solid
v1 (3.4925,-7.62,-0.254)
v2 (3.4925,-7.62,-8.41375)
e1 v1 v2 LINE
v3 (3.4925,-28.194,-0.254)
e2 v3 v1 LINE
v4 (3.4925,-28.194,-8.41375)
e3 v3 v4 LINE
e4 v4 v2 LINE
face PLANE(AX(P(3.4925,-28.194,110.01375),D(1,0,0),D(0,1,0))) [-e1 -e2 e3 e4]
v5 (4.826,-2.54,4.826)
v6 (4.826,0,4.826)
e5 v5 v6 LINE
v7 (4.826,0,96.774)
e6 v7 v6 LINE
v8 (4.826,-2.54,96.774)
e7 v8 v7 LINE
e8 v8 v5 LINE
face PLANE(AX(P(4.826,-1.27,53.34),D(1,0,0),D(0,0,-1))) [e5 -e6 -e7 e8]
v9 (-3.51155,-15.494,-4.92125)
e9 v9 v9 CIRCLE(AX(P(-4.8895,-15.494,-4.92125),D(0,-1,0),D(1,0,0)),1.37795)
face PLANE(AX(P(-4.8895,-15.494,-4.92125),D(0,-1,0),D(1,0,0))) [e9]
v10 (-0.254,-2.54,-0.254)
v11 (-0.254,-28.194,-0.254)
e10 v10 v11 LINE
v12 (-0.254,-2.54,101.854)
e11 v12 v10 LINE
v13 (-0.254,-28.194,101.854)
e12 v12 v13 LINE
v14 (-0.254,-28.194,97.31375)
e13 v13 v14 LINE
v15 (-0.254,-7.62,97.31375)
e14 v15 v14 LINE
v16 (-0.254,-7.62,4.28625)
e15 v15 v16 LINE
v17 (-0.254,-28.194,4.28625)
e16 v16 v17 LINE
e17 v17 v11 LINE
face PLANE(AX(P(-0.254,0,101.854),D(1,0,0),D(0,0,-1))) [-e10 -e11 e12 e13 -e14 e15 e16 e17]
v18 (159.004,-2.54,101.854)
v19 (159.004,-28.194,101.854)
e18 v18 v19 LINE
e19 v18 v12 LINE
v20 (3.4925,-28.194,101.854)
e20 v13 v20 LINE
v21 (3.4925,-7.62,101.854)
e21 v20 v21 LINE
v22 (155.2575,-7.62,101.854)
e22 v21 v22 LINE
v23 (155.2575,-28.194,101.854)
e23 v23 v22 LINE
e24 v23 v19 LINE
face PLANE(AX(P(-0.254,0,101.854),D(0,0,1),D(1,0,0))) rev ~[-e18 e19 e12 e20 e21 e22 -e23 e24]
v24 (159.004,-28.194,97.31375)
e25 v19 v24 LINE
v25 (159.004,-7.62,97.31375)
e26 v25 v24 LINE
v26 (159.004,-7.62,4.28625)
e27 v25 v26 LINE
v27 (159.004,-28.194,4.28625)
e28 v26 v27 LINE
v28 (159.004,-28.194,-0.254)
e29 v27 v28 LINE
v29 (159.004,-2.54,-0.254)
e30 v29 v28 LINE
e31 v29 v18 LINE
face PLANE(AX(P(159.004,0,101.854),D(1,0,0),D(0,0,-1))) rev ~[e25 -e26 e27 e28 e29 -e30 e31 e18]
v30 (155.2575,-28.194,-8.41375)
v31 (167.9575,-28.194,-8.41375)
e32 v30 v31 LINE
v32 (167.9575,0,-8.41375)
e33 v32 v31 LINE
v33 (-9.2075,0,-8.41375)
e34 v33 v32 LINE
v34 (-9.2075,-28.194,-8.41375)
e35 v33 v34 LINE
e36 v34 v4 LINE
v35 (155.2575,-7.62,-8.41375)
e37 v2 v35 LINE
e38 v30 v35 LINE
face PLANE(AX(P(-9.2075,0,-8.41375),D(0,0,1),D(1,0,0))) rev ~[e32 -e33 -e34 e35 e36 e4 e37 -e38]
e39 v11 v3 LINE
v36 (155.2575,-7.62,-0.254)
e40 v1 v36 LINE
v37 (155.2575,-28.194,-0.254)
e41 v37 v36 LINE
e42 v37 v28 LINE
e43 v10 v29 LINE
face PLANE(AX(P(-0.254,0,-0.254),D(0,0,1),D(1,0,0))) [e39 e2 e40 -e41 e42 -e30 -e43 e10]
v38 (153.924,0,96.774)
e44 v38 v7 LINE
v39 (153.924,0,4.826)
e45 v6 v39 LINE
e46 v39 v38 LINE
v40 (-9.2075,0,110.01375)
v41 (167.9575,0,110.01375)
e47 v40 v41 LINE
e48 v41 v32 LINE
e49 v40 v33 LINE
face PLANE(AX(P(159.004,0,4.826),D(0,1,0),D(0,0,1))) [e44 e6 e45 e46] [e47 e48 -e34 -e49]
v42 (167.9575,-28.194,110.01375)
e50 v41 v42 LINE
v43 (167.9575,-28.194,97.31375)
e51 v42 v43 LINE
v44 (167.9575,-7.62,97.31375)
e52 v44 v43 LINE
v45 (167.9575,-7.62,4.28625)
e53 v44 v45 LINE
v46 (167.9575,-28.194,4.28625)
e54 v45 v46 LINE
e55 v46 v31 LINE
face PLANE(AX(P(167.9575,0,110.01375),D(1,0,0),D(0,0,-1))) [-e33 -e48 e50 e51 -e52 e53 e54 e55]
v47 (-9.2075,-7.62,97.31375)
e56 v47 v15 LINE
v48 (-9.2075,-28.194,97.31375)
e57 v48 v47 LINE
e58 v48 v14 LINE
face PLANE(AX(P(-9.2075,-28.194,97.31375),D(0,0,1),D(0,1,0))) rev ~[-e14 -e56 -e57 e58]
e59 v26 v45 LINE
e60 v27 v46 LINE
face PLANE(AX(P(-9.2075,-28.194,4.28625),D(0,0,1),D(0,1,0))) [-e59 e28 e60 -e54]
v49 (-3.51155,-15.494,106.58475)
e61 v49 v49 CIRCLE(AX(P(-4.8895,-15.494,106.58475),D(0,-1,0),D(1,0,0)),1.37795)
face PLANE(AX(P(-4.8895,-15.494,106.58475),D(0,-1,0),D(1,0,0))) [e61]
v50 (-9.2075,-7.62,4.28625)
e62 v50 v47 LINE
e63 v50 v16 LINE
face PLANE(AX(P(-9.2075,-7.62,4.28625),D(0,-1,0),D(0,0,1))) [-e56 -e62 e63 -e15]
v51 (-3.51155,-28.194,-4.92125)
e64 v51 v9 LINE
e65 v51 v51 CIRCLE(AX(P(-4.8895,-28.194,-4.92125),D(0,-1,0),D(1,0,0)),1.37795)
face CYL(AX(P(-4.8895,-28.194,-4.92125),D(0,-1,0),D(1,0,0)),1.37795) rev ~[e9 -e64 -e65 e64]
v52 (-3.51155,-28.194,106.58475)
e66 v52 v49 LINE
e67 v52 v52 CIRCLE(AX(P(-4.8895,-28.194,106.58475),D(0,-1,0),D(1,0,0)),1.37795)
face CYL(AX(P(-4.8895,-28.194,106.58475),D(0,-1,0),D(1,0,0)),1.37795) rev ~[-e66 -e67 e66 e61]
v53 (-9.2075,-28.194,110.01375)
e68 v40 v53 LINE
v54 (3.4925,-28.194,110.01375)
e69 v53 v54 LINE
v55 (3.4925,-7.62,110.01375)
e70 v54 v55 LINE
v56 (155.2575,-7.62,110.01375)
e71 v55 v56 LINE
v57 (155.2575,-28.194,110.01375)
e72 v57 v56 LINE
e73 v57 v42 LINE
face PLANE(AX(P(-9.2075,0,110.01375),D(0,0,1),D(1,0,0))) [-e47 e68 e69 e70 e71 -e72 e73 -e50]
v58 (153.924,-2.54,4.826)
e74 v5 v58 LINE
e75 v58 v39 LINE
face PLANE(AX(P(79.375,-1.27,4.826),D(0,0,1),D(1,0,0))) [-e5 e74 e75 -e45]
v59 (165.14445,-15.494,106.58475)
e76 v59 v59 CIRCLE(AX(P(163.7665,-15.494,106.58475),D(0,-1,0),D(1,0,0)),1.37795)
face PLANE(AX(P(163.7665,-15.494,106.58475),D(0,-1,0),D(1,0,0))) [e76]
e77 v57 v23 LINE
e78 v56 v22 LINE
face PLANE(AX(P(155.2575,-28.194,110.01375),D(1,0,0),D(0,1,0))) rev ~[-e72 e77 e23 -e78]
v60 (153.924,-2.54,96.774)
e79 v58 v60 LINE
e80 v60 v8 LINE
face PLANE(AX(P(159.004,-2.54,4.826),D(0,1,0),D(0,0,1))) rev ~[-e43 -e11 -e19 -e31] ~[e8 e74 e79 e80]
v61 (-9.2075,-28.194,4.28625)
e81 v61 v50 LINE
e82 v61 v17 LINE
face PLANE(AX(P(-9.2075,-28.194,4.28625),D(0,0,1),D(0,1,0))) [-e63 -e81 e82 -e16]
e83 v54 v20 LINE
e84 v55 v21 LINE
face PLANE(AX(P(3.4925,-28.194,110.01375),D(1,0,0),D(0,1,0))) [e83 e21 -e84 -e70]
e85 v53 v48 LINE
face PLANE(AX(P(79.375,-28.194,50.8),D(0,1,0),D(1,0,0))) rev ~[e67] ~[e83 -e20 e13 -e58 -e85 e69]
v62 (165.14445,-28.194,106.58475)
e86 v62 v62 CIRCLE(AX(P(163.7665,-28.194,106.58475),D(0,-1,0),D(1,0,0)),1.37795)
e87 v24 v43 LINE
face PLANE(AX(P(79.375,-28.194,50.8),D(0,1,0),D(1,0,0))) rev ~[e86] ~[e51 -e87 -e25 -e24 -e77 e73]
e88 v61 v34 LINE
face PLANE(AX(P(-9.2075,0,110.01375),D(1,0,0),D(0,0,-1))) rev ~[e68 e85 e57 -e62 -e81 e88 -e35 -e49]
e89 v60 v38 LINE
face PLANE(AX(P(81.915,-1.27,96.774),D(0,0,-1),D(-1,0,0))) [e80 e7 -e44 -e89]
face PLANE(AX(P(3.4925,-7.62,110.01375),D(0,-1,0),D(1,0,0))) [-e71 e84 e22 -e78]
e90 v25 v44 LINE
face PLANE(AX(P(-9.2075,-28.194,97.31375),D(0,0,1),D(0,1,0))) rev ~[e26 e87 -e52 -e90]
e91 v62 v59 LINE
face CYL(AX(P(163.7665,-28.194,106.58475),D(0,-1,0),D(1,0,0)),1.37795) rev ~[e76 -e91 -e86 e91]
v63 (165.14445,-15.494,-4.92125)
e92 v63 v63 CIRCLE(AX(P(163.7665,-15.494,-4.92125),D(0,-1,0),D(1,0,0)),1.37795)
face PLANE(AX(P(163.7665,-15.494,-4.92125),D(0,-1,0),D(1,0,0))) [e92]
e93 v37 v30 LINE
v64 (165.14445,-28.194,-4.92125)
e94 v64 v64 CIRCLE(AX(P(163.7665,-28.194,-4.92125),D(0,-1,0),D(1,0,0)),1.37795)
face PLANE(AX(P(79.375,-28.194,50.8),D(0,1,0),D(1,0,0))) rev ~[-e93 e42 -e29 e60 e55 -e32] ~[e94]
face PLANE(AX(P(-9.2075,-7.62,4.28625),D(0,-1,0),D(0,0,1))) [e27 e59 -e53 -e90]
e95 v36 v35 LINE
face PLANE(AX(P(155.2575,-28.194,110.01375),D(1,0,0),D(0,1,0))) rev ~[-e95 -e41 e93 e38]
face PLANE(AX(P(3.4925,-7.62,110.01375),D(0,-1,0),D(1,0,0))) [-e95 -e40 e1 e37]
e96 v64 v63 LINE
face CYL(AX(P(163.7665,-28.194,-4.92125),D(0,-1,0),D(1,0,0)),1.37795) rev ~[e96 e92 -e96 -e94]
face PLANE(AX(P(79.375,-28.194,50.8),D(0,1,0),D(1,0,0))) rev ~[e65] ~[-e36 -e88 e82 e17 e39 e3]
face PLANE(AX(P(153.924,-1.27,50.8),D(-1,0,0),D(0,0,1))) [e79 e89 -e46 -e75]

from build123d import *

# Parameters (mm, degrees)
SKETCH1_W           = 177.165
SKETCH1_H           = 118.4275
SKETCH1_W_2         = 159.258
SKETCH1_H_2         = 102.108
BOSS_EXTRUDE1_DEPTH = 28.194
SKETCH2_W           = 159.258
SKETCH2_H           = 2.54
BOSS_EXTRUDE2_DEPTH = 5.08
SKETCH3_W           = 97.028
SKETCH3_H           = 2.54
BOSS_EXTRUDE3_DEPTH = 5.08
SKETCH4_W           = 154.178
SKETCH4_H           = 2.54
BOSS_EXTRUDE4_DEPTH = 5.08
SKETCH5_W           = 91.948
SKETCH5_H           = 2.54
BOSS_EXTRUDE5_DEPTH = 5.08
SKETCH10_W          = 93.0275
SKETCH10_H          = 20.574
CUT_EXTRUDE4_DEPTH  = 198.628
SKETCH9_W           = 151.765
SKETCH9_H           = 20.574
CUT_EXTRUDE5_DEPTH  = 198.628
SKETCH11_R          = 1.37795
CUT_EXTRUDE6_DEPTH  = 12.7


with BuildPart() as part:
    # Sketch1 → Boss-Extrude1 (new body)
    with BuildSketch(Plane(origin=(0, 0, 0), x_dir=(1, 0, 0), z_dir=(0, 1, 0))):
        with Locations((79.375, -50.8)):
            Rectangle(SKETCH1_W, SKETCH1_H)
        with Locations((79.375, -50.8)):
            Rectangle(SKETCH1_W_2, SKETCH1_H_2, mode=Mode.SUBTRACT)
    extrude(amount=-BOSS_EXTRUDE1_DEPTH)

    # Sketch2 → Boss-Extrude2 (add)
    with BuildSketch(Plane.XY.offset(-0.254)):
        with Locations((79.375, -1.27)):
            Rectangle(SKETCH2_W, SKETCH2_H)
    extrude(amount=BOSS_EXTRUDE2_DEPTH)

    # Sketch3 → Boss-Extrude3 (add)
    with BuildSketch(Plane(origin=(-0.254, 0, 0), x_dir=(0, 0, -1), z_dir=(1, 0, 0))):
        with Locations((-53.34, -1.27)):
            Rectangle(SKETCH3_W, SKETCH3_H)
    extrude(amount=BOSS_EXTRUDE3_DEPTH)

    # Sketch4 → Boss-Extrude4 (add)
    with BuildSketch(Plane(origin=(0, 0, 101.854), x_dir=(-1, 0, 0), z_dir=(0, 0, -1))):
        with Locations((-81.915, -1.27)):
            Rectangle(SKETCH4_W, SKETCH4_H)
    extrude(amount=BOSS_EXTRUDE4_DEPTH)

    # Sketch5 → Boss-Extrude5 (add)
    with BuildSketch(Plane.ZY.offset(-159.004)):
        with Locations((50.8, -1.27)):
            Rectangle(SKETCH5_W, SKETCH5_H)
    extrude(amount=BOSS_EXTRUDE5_DEPTH)

    # Sketch10 → Cut-Extrude4 (cut)
    with BuildSketch(Plane.ZY.offset(9.2075)):
        with Locations((50.8, -17.907)):
            Rectangle(SKETCH10_W, SKETCH10_H)
    extrude(amount=-CUT_EXTRUDE4_DEPTH, mode=Mode.SUBTRACT)

    # Sketch9 → Cut-Extrude5 (cut)
    with BuildSketch(Plane.XY.offset(110.01375)):
        with Locations((79.375, -17.907)):
            Rectangle(SKETCH9_W, SKETCH9_H)
    extrude(amount=-CUT_EXTRUDE5_DEPTH, mode=Mode.SUBTRACT)

    # Sketch11 → Cut-Extrude6 (cut)
    with BuildSketch(Plane.XZ.offset(28.194)):
        with Locations((-4.8895, 106.58475)):
            Circle(SKETCH11_R)
        with Locations((-4.8895, -4.92125)):
            Circle(SKETCH11_R)
        with Locations((163.7665, -4.92125)):
            Circle(SKETCH11_R)
        with Locations((163.7665, 106.58475)):
            Circle(SKETCH11_R)
    extrude(amount=-CUT_EXTRUDE6_DEPTH, mode=Mode.SUBTRACT)


solid = part.part
